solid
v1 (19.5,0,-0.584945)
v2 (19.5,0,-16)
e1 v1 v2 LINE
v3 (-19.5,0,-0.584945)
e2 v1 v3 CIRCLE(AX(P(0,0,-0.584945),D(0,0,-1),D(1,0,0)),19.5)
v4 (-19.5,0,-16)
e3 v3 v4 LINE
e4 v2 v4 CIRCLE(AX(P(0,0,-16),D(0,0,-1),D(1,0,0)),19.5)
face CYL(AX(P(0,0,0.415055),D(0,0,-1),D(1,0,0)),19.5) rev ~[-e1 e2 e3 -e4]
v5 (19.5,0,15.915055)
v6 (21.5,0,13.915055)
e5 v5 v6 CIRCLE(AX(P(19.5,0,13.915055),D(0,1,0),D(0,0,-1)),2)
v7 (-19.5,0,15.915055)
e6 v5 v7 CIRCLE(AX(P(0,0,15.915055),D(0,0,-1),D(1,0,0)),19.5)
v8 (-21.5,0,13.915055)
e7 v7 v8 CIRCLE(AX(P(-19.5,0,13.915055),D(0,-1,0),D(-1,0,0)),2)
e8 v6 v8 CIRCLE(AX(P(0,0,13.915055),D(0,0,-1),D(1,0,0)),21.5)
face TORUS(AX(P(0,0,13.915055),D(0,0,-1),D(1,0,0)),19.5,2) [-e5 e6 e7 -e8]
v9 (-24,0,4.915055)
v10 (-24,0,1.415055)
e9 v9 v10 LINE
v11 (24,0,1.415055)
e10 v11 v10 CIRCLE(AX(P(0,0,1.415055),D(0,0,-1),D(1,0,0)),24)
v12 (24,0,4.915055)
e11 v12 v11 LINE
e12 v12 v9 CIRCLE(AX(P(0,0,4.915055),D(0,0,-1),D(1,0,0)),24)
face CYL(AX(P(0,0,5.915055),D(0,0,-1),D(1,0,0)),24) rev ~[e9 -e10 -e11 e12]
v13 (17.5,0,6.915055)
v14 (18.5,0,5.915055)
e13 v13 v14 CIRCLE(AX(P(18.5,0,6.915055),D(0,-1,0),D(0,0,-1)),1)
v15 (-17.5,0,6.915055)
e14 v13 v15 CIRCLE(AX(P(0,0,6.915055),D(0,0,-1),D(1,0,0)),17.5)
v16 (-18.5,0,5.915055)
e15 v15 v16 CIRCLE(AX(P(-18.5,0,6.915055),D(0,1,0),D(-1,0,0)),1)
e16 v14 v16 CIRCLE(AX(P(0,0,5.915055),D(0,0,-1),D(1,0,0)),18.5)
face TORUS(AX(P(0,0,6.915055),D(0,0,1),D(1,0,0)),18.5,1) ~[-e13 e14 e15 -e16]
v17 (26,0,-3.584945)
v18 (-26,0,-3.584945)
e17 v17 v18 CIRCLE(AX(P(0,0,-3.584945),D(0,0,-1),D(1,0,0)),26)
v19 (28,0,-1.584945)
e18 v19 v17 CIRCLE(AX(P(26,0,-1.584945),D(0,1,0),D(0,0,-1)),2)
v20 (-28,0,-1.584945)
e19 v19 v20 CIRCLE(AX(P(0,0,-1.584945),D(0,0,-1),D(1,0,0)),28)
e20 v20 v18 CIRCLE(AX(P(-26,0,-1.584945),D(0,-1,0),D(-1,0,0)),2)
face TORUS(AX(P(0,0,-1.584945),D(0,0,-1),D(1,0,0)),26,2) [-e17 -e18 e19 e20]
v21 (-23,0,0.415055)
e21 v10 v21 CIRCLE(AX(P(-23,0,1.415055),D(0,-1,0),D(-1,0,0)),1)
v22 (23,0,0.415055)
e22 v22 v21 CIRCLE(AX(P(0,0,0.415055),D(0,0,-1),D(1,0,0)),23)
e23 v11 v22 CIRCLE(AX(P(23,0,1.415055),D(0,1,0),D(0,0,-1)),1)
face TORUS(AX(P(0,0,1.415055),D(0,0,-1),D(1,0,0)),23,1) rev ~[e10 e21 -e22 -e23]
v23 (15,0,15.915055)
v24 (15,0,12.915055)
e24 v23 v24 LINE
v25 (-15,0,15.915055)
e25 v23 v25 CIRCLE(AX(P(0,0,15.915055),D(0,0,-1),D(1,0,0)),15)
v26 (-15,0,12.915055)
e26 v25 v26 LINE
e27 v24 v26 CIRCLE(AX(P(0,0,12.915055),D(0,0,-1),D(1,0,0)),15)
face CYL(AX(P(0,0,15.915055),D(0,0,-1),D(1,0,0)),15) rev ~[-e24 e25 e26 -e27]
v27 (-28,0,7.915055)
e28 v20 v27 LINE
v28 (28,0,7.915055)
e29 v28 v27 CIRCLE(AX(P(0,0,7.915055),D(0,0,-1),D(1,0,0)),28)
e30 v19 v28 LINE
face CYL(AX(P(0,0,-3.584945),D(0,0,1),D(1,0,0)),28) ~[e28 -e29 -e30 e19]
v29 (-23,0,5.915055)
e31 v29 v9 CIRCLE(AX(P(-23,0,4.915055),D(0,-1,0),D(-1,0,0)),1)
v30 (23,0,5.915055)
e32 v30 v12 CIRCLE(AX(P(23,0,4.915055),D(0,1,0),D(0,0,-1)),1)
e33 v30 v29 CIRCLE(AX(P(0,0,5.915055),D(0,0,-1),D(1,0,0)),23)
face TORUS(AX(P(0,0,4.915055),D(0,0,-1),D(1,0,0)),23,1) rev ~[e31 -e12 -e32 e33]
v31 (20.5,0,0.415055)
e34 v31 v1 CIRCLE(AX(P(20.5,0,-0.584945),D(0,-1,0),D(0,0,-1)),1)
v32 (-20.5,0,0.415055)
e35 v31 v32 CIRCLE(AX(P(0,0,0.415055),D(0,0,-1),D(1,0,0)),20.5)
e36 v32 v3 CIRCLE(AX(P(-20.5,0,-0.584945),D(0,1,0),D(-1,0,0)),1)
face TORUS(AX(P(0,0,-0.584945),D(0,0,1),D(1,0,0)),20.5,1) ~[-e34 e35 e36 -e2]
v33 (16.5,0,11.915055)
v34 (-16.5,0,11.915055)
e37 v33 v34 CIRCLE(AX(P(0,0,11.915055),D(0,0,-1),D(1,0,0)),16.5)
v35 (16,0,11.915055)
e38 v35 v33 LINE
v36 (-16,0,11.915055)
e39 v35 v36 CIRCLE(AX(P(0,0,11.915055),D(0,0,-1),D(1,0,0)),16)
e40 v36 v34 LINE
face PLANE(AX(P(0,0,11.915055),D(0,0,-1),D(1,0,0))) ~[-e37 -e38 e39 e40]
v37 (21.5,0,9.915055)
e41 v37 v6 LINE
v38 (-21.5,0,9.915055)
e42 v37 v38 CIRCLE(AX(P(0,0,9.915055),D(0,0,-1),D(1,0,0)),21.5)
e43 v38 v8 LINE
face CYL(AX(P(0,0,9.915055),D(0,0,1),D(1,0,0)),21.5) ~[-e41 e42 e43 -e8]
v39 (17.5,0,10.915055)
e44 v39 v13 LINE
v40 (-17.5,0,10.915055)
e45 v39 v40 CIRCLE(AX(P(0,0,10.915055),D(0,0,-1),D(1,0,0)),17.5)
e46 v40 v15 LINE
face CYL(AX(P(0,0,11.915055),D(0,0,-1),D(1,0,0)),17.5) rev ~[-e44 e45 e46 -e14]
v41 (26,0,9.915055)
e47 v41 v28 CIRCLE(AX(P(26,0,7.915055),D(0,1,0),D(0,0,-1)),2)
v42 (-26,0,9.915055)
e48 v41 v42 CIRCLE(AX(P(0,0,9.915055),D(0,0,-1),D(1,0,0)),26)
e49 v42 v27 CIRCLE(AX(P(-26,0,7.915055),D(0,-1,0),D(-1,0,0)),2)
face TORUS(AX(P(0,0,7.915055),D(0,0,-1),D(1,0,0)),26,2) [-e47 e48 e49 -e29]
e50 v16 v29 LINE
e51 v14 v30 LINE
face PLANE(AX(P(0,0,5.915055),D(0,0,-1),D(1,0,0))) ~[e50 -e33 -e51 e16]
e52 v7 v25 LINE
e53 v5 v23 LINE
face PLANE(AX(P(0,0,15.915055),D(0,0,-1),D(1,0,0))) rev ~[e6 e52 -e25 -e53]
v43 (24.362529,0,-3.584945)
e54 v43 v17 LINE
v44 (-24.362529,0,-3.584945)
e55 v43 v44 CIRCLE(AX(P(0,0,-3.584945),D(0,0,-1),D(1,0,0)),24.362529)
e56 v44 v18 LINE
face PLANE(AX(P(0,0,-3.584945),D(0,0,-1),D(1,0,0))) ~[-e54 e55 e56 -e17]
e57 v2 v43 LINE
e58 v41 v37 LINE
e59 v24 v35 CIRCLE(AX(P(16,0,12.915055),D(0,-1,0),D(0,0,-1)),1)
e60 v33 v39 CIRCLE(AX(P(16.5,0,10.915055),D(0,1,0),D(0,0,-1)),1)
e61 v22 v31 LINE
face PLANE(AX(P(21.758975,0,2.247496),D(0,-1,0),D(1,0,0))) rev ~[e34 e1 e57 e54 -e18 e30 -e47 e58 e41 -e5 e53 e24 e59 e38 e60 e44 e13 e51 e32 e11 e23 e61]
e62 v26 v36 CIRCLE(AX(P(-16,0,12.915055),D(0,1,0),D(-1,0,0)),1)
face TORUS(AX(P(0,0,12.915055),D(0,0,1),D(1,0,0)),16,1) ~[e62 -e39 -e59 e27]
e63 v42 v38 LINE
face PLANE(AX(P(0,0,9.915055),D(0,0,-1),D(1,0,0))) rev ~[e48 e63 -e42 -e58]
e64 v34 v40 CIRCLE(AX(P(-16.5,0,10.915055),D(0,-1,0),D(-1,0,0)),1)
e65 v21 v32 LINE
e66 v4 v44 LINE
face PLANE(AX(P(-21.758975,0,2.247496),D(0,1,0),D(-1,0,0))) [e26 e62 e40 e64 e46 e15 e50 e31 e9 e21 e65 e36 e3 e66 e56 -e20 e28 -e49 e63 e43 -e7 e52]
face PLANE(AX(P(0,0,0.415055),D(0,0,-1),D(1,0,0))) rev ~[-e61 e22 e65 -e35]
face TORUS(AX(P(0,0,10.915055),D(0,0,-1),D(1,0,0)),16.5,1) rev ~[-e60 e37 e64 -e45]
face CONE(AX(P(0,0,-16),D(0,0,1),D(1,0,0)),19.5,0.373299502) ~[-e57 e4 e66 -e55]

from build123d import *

# Parameters (mm, degrees)
F1_ANGLE = 180
F2_R     = 1
F3_R     = 2


with BuildPart() as f1:
    # F0 (on Front) → F1 (revolve)
    with BuildSketch(Plane.XZ):
        Polygon((21.5, 15.915055), (15, 15.915055), (15, 11.915055), (17.5, 11.915055), (17.5, 5.915055), (24, 5.915055), (24, 0.415055), (19.5, 0.415055), (19.5, -16), (24.362529, -3.584945), (28, -3.584945), (28, 9.915055), (21.5, 9.915055), align=None)
    revolve(axis=Axis((0, 0, -25.149144), (0, 0, -1)), revolution_arc=F1_ANGLE)

    # F2
    f2_edges = [f1.edges().sort_by_distance(p)[0] for p in [
        (0, -17.5, 11.915055),
        (0, -17.5, 5.915055),
        (0, -19.5, 0.415055),
        (0, -24, 5.915055),
        (0, -15, 11.915055),
        (0, -24, 0.415055),
    ]]
    fillet(f2_edges, radius=F2_R)

    # F3
    f3_edges = [f1.edges().sort_by_distance(p)[0] for p in [
        (0, -28, -3.584945),
        (0, -28, 9.915055),
        (0, -21.5, 15.915055),
    ]]
    fillet(f3_edges, radius=F3_R)


solid = f1.part
